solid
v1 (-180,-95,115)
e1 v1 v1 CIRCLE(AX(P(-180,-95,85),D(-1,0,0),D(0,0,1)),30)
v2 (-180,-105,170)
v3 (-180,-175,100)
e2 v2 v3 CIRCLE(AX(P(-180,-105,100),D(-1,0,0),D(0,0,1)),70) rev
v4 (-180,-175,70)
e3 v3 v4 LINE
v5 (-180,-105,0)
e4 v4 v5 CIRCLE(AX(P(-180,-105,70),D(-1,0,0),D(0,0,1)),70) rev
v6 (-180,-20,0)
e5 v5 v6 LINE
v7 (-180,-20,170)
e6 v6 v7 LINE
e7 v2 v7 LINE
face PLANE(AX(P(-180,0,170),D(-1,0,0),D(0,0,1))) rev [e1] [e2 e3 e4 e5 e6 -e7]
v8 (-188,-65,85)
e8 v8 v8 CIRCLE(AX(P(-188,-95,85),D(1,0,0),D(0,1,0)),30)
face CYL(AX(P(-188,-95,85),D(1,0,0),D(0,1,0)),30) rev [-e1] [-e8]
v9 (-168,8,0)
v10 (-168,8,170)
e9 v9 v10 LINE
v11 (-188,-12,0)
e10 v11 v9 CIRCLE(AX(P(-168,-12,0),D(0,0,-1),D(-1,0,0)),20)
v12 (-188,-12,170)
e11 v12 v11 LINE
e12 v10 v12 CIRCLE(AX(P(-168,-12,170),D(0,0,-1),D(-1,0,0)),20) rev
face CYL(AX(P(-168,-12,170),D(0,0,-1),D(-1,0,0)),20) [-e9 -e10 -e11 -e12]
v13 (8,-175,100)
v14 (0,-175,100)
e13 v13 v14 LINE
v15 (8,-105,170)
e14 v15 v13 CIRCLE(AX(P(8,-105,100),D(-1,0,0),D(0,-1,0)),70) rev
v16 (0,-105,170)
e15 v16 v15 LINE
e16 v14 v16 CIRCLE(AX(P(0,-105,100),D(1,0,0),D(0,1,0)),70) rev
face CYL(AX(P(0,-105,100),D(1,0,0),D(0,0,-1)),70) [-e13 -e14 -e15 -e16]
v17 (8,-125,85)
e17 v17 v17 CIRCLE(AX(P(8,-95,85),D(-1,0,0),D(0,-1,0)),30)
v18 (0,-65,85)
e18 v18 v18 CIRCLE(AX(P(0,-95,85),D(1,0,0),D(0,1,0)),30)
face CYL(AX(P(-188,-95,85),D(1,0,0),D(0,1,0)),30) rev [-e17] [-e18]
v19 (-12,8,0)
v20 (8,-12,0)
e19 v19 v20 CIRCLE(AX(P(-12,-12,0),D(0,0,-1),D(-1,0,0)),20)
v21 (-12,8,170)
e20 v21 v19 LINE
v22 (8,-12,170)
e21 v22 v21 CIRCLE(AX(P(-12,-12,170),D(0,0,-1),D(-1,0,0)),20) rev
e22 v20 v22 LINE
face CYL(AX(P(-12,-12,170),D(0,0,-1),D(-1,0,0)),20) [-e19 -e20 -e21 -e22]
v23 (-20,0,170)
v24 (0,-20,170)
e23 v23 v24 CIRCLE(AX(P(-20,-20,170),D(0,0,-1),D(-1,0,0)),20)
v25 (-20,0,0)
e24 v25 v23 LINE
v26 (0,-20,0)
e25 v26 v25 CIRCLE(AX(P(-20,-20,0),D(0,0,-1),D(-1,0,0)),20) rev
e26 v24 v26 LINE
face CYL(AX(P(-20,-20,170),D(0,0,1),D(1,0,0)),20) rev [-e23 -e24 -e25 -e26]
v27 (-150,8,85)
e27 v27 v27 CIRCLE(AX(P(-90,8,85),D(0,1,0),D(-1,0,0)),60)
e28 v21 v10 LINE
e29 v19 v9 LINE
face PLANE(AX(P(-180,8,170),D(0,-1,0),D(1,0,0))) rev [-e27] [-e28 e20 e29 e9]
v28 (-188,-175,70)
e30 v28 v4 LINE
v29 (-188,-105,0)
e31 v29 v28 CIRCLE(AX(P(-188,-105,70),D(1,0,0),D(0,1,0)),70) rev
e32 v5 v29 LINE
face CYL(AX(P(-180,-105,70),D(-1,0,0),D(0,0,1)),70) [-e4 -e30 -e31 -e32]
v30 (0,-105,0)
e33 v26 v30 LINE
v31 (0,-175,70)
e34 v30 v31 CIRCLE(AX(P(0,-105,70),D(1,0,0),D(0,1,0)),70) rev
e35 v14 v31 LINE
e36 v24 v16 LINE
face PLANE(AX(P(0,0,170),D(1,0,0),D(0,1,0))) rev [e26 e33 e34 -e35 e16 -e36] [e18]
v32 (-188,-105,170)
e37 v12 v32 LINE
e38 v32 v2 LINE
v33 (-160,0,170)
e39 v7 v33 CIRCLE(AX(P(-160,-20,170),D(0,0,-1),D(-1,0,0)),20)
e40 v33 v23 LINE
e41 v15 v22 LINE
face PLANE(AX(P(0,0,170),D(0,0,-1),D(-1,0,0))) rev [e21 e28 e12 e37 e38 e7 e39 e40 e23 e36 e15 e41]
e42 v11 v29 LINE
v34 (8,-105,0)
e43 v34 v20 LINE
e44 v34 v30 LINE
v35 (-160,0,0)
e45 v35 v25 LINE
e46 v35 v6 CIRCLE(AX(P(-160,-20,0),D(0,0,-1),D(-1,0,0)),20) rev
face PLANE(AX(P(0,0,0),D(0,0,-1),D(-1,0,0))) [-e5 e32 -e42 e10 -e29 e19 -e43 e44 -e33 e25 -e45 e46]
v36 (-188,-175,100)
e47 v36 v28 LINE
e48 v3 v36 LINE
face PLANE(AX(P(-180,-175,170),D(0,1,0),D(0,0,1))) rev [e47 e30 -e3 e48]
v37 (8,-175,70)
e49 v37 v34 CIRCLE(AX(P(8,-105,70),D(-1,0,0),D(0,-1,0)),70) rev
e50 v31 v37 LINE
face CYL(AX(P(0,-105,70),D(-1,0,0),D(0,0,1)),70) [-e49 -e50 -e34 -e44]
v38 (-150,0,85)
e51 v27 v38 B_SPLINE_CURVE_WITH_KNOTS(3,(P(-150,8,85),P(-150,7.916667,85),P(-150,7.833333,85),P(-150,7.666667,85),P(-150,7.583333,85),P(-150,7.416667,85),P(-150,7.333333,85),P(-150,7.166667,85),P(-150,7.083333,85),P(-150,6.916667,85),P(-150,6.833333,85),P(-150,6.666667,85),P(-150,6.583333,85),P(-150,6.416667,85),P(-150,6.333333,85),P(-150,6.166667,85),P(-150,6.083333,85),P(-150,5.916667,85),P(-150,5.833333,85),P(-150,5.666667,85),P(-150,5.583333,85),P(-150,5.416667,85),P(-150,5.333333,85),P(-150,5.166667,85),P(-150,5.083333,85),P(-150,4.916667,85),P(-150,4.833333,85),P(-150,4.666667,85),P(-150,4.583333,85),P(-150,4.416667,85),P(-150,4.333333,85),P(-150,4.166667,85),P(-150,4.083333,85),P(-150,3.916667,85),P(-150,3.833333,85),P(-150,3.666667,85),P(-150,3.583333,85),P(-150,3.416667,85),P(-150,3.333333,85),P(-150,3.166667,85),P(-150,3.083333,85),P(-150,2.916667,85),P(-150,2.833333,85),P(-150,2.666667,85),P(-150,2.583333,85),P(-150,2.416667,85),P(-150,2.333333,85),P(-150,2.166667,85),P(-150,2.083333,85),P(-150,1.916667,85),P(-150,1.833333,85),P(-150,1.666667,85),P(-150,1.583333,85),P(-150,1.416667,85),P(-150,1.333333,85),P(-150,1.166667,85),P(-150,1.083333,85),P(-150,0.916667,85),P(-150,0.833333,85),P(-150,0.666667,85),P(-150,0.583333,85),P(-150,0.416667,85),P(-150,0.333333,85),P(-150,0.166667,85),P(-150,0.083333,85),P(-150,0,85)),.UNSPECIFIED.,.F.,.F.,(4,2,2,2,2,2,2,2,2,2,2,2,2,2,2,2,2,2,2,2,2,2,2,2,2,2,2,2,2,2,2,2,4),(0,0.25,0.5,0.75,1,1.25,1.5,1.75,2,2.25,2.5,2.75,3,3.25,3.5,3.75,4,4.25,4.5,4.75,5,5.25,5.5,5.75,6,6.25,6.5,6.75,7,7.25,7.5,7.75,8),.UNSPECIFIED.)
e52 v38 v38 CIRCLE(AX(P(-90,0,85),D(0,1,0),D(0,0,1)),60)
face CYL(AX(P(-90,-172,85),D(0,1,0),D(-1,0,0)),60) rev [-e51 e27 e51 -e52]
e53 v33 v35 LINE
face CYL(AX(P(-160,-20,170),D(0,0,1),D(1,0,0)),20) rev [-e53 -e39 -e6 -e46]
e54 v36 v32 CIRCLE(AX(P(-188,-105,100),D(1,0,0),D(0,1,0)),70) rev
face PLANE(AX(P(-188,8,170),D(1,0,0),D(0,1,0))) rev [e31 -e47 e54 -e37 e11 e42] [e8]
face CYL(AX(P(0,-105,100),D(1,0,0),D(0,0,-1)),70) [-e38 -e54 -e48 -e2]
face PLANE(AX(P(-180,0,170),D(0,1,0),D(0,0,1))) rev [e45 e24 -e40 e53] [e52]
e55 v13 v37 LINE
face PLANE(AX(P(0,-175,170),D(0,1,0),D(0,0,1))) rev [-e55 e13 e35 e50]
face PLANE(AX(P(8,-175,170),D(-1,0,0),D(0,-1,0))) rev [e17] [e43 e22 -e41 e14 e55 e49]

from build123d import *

# Parameters (mm, degrees)
EXTRUDE_1_DEPTH          = 170
SKETCH_2_R               = 60
CUT_EXTRUDE_1_DEPTH      = 180
CUT_EXTRUDE_2_DEPTH      = 313.955268369
CUT_EXTRUDE_2_DEPTH_BACK = 313.955268369
SKETCH_3_R               = 30
FILLET_1_R               = 70
FILLET_2_R               = 20
FILLET_3_R               = 20


with BuildPart() as part:
    # 草图1 → 凸台-拉伸1 (new body)
    with BuildSketch(Plane.XY):
        Polygon((-180, 0), (0, 0), (0, -175), (8, -175), (8, 8), (-180, 8), (-188, 8), (-188, -175), (-180, -175), align=None)
    extrude(amount=EXTRUDE_1_DEPTH)

    # 草图2 → 切除-拉伸1 (cut)
    with BuildSketch(Plane(origin=(0, 8, 0), x_dir=(1, 0, 0), z_dir=(0, 1, 0))):
        with Locations(Location((-90, -85, 0), (0, 0, 180))):
            Circle(SKETCH_2_R)
    extrude(amount=-CUT_EXTRUDE_1_DEPTH, mode=Mode.SUBTRACT)

    # 草图3 → 切除-拉伸2 (cut, two sides: drawn at the far end of the back side and taken through both)
    with BuildSketch(Plane(origin=(8, 0, 0), x_dir=(0, 0, -1), z_dir=(1, 0, 0)).offset(-CUT_EXTRUDE_2_DEPTH_BACK)):
        with Locations(Location((-85, -95, 0), (0, 0, 90))):
            Circle(SKETCH_3_R)
    extrude(amount=CUT_EXTRUDE_2_DEPTH + CUT_EXTRUDE_2_DEPTH_BACK, mode=Mode.SUBTRACT)

    # 圆角1
    fillet_1_edges = [part.edges().sort_by_distance(p)[0] for p in [
        (4, -175, 0),
        (4, -175, 170),
        (-184, -175, 170),
        (-184, -175, 0),
    ]]
    fillet(fillet_1_edges, radius=FILLET_1_R)

    # 圆角2
    fillet_2_edges = [part.edges().sort_by_distance(p)[0] for p in [
        (0, 0, 85),
        (-180, 0, 85),
    ]]
    fillet(fillet_2_edges, radius=FILLET_2_R)

    # 圆角3
    fillet_3_edges = [part.edges().sort_by_distance(p)[0] for p in [
        (-188, 8, 85),
        (8, 8, 85),
    ]]
    fillet(fillet_3_edges, radius=FILLET_3_R)


solid = part.part
